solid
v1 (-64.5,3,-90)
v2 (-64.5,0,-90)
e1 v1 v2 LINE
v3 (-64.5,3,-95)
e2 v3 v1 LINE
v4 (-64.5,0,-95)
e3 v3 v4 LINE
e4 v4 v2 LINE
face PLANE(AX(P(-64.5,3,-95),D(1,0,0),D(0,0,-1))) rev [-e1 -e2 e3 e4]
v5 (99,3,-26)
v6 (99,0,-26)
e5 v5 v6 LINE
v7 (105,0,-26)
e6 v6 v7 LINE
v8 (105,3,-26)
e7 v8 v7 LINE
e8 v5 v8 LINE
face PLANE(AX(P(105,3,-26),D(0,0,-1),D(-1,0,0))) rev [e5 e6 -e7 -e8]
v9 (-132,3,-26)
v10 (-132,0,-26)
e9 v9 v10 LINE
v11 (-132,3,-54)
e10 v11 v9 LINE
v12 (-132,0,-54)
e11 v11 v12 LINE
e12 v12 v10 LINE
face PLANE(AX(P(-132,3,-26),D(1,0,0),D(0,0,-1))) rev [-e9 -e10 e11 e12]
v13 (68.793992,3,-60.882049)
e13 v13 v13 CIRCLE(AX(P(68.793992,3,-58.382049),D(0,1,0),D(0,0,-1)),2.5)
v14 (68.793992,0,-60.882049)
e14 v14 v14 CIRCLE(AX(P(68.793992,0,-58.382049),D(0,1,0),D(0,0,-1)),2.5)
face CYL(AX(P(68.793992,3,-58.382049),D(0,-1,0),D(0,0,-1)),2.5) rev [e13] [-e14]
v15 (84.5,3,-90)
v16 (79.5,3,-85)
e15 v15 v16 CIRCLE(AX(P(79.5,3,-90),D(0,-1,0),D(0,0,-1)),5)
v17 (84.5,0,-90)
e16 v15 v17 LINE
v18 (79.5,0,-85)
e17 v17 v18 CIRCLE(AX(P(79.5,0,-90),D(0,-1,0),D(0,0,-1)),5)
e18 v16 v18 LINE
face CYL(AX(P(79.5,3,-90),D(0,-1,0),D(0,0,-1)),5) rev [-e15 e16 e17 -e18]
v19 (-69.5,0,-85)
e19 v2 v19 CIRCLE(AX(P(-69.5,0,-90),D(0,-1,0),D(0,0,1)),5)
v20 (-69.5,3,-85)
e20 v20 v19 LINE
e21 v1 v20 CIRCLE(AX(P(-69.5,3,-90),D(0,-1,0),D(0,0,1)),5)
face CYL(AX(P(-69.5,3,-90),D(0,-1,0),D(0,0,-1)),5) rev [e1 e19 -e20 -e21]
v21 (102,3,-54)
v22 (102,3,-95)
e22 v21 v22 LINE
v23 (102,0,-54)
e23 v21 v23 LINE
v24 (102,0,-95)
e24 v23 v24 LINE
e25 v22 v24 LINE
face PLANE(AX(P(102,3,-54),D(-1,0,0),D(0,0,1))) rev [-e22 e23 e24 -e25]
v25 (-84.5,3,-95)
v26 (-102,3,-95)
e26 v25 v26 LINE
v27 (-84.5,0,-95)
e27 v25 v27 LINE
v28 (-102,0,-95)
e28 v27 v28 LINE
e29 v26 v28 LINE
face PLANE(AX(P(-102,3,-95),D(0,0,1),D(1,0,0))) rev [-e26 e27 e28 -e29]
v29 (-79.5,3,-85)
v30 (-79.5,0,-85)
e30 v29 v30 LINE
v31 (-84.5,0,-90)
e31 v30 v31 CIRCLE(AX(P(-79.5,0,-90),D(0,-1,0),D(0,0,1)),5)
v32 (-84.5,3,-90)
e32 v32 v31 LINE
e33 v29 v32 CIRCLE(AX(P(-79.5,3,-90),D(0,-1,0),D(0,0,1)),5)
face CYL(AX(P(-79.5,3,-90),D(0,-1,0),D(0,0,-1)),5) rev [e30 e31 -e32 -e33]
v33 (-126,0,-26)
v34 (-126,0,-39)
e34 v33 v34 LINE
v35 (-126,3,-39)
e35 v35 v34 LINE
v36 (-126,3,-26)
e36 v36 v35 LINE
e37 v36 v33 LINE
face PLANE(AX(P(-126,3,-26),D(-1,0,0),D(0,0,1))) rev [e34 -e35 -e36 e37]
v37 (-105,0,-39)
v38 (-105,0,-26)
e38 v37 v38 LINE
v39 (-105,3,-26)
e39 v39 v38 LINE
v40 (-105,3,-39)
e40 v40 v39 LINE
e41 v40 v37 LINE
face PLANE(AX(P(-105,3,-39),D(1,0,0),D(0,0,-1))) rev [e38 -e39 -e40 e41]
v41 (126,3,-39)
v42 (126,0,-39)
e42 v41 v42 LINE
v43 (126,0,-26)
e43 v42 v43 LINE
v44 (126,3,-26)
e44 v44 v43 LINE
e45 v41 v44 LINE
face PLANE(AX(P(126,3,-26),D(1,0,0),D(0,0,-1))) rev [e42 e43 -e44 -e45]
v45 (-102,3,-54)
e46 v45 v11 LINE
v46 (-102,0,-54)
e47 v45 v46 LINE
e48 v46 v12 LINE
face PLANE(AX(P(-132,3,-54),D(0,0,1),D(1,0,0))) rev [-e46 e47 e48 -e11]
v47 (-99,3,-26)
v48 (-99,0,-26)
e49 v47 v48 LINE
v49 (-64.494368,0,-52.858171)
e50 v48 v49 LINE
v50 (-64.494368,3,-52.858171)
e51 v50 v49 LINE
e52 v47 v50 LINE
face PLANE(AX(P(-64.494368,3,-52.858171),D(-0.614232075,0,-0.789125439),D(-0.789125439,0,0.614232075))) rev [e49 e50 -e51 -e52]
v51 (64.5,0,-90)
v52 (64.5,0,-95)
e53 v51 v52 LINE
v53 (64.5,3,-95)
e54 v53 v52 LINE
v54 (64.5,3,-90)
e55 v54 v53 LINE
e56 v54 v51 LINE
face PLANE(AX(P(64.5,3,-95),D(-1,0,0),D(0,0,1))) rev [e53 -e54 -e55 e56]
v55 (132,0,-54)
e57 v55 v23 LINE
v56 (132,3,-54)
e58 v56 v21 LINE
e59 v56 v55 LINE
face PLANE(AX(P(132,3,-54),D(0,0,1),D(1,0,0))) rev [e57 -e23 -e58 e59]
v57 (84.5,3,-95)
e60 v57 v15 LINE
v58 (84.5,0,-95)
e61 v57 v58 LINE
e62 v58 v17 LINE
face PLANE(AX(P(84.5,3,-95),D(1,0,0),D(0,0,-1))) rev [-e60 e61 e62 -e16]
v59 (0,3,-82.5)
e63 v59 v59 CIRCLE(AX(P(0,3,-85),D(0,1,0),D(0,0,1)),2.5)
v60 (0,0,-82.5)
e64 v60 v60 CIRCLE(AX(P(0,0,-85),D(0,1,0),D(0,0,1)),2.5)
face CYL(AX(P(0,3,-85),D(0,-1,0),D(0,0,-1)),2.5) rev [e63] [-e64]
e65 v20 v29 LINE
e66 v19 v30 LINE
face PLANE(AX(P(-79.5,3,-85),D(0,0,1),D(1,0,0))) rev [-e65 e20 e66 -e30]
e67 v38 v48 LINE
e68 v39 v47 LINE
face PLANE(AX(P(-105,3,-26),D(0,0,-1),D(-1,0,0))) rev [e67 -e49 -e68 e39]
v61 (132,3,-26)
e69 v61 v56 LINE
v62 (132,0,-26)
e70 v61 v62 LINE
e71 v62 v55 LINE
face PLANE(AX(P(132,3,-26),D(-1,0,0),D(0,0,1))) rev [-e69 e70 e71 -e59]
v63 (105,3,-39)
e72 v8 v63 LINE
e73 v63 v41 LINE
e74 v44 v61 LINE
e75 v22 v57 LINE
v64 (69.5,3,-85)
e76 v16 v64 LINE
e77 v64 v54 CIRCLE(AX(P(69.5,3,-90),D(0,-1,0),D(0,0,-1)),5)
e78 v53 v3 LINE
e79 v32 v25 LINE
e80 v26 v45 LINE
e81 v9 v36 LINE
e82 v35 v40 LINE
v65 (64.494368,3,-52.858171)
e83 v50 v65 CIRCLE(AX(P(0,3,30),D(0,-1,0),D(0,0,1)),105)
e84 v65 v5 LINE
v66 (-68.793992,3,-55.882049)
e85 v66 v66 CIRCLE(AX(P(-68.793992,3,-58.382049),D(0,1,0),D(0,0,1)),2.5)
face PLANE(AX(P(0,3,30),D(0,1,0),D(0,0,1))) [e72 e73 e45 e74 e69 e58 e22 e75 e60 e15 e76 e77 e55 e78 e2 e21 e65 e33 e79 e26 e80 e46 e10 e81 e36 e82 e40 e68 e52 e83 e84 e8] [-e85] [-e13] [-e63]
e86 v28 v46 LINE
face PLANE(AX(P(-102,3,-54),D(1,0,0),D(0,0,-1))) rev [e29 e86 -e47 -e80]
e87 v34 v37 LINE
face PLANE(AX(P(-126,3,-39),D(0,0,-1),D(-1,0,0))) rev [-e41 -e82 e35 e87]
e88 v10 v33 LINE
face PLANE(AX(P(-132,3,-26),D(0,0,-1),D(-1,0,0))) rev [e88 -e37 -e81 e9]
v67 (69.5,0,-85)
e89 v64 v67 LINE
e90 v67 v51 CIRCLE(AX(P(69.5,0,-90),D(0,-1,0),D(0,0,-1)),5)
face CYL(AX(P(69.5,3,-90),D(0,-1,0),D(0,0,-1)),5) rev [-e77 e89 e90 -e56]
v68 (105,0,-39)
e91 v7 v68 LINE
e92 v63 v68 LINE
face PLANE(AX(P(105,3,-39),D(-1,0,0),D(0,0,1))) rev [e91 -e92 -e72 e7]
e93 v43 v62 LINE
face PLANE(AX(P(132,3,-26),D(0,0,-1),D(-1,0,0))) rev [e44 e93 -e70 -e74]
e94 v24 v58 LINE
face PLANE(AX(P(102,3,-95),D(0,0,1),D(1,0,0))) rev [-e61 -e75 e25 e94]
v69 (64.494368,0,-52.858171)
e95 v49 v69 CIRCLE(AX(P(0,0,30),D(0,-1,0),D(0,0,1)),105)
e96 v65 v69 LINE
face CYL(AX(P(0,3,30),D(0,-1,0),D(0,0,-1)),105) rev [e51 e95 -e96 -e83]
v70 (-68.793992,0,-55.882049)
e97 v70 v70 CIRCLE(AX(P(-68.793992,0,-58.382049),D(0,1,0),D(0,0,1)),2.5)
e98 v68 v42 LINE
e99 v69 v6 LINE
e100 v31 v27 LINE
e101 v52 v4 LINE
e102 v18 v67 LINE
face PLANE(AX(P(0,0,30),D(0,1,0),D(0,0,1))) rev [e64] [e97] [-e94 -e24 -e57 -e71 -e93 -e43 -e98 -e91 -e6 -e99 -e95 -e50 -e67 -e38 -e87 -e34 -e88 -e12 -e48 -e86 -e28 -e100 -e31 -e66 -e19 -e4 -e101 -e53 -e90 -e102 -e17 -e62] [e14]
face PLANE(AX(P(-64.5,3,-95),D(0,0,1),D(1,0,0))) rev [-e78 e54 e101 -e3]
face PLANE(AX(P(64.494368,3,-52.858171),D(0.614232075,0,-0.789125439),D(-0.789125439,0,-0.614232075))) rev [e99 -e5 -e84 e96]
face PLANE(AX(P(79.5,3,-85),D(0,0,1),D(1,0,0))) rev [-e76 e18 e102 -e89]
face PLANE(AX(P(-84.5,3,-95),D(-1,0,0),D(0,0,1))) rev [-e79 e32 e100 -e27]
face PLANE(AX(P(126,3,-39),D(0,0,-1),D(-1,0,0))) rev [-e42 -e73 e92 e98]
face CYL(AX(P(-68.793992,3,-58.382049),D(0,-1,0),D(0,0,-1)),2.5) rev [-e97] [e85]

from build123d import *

# Parameters (mm, degrees)
ESQUISSE1_R      = 2.5
EXTRUSION1_DEPTH = 3


with BuildPart() as part:
    # Esquisse1 → Extrusion1 (new body)
    with BuildSketch(Plane(origin=(0, 0, 0), x_dir=(1, 0, 0), z_dir=(0, 1, 0))):
        with BuildLine():
            Line((-64.494367887, 52.858171056), (-99, 26))
            Line((-99, 26), (-105, 26))
            Line((-105, 26), (-105, 39))
            Line((-105, 39), (-126, 39))
            Line((-126, 39), (-126, 26))
            Line((-126, 26), (-132, 26))
            Line((-132, 26), (-132, 54))
            Line((-132, 54), (-102, 54))
            Line((-102, 54), (-102, 95))
            Line((-102, 95), (-84.5, 95))
            Line((-84.5, 95), (-84.5, 90))
            ThreePointArc((-84.5, 90), (-83.035533906, 86.464466094), (-79.5, 85))
            Line((-79.5, 85), (-69.5, 85))
            ThreePointArc((-69.5, 85), (-65.964466094, 86.464466094), (-64.5, 90))
            Line((-64.5, 90), (-64.5, 95))
            Line((-64.5, 95), (64.5, 95))
            Line((64.5, 95), (64.5, 90))
            ThreePointArc((64.5, 90), (65.964466094, 86.464466094), (69.5, 85))
            Line((69.5, 85), (79.5, 85))
            ThreePointArc((79.5, 85), (83.035533906, 86.464466094), (84.5, 90))
            Line((84.5, 90), (84.5, 95))
            Line((84.5, 95), (102, 95))
            Line((102, 95), (102, 54))
            Line((102, 54), (132, 54))
            Line((132, 54), (132, 26))
            Line((132, 26), (126, 26))
            Line((126, 26), (126, 39))
            Line((126, 39), (105, 39))
            Line((105, 39), (105, 26))
            Line((105, 26), (99, 26))
            Line((99, 26), (64.494367887, 52.858171056))
            ThreePointArc((64.494367887, 52.858171056), (0, 75), (-64.494367887, 52.858171056))
        make_face()
        with Locations((-68.793992413, 58.382049127)):
            Circle(ESQUISSE1_R, mode=Mode.SUBTRACT)
        with Locations((68.793992413, 58.382049127)):
            Circle(ESQUISSE1_R, mode=Mode.SUBTRACT)
        with Locations((0, 85)):
            Circle(ESQUISSE1_R, mode=Mode.SUBTRACT)
    extrude(amount=EXTRUSION1_DEPTH)


solid = part.part
